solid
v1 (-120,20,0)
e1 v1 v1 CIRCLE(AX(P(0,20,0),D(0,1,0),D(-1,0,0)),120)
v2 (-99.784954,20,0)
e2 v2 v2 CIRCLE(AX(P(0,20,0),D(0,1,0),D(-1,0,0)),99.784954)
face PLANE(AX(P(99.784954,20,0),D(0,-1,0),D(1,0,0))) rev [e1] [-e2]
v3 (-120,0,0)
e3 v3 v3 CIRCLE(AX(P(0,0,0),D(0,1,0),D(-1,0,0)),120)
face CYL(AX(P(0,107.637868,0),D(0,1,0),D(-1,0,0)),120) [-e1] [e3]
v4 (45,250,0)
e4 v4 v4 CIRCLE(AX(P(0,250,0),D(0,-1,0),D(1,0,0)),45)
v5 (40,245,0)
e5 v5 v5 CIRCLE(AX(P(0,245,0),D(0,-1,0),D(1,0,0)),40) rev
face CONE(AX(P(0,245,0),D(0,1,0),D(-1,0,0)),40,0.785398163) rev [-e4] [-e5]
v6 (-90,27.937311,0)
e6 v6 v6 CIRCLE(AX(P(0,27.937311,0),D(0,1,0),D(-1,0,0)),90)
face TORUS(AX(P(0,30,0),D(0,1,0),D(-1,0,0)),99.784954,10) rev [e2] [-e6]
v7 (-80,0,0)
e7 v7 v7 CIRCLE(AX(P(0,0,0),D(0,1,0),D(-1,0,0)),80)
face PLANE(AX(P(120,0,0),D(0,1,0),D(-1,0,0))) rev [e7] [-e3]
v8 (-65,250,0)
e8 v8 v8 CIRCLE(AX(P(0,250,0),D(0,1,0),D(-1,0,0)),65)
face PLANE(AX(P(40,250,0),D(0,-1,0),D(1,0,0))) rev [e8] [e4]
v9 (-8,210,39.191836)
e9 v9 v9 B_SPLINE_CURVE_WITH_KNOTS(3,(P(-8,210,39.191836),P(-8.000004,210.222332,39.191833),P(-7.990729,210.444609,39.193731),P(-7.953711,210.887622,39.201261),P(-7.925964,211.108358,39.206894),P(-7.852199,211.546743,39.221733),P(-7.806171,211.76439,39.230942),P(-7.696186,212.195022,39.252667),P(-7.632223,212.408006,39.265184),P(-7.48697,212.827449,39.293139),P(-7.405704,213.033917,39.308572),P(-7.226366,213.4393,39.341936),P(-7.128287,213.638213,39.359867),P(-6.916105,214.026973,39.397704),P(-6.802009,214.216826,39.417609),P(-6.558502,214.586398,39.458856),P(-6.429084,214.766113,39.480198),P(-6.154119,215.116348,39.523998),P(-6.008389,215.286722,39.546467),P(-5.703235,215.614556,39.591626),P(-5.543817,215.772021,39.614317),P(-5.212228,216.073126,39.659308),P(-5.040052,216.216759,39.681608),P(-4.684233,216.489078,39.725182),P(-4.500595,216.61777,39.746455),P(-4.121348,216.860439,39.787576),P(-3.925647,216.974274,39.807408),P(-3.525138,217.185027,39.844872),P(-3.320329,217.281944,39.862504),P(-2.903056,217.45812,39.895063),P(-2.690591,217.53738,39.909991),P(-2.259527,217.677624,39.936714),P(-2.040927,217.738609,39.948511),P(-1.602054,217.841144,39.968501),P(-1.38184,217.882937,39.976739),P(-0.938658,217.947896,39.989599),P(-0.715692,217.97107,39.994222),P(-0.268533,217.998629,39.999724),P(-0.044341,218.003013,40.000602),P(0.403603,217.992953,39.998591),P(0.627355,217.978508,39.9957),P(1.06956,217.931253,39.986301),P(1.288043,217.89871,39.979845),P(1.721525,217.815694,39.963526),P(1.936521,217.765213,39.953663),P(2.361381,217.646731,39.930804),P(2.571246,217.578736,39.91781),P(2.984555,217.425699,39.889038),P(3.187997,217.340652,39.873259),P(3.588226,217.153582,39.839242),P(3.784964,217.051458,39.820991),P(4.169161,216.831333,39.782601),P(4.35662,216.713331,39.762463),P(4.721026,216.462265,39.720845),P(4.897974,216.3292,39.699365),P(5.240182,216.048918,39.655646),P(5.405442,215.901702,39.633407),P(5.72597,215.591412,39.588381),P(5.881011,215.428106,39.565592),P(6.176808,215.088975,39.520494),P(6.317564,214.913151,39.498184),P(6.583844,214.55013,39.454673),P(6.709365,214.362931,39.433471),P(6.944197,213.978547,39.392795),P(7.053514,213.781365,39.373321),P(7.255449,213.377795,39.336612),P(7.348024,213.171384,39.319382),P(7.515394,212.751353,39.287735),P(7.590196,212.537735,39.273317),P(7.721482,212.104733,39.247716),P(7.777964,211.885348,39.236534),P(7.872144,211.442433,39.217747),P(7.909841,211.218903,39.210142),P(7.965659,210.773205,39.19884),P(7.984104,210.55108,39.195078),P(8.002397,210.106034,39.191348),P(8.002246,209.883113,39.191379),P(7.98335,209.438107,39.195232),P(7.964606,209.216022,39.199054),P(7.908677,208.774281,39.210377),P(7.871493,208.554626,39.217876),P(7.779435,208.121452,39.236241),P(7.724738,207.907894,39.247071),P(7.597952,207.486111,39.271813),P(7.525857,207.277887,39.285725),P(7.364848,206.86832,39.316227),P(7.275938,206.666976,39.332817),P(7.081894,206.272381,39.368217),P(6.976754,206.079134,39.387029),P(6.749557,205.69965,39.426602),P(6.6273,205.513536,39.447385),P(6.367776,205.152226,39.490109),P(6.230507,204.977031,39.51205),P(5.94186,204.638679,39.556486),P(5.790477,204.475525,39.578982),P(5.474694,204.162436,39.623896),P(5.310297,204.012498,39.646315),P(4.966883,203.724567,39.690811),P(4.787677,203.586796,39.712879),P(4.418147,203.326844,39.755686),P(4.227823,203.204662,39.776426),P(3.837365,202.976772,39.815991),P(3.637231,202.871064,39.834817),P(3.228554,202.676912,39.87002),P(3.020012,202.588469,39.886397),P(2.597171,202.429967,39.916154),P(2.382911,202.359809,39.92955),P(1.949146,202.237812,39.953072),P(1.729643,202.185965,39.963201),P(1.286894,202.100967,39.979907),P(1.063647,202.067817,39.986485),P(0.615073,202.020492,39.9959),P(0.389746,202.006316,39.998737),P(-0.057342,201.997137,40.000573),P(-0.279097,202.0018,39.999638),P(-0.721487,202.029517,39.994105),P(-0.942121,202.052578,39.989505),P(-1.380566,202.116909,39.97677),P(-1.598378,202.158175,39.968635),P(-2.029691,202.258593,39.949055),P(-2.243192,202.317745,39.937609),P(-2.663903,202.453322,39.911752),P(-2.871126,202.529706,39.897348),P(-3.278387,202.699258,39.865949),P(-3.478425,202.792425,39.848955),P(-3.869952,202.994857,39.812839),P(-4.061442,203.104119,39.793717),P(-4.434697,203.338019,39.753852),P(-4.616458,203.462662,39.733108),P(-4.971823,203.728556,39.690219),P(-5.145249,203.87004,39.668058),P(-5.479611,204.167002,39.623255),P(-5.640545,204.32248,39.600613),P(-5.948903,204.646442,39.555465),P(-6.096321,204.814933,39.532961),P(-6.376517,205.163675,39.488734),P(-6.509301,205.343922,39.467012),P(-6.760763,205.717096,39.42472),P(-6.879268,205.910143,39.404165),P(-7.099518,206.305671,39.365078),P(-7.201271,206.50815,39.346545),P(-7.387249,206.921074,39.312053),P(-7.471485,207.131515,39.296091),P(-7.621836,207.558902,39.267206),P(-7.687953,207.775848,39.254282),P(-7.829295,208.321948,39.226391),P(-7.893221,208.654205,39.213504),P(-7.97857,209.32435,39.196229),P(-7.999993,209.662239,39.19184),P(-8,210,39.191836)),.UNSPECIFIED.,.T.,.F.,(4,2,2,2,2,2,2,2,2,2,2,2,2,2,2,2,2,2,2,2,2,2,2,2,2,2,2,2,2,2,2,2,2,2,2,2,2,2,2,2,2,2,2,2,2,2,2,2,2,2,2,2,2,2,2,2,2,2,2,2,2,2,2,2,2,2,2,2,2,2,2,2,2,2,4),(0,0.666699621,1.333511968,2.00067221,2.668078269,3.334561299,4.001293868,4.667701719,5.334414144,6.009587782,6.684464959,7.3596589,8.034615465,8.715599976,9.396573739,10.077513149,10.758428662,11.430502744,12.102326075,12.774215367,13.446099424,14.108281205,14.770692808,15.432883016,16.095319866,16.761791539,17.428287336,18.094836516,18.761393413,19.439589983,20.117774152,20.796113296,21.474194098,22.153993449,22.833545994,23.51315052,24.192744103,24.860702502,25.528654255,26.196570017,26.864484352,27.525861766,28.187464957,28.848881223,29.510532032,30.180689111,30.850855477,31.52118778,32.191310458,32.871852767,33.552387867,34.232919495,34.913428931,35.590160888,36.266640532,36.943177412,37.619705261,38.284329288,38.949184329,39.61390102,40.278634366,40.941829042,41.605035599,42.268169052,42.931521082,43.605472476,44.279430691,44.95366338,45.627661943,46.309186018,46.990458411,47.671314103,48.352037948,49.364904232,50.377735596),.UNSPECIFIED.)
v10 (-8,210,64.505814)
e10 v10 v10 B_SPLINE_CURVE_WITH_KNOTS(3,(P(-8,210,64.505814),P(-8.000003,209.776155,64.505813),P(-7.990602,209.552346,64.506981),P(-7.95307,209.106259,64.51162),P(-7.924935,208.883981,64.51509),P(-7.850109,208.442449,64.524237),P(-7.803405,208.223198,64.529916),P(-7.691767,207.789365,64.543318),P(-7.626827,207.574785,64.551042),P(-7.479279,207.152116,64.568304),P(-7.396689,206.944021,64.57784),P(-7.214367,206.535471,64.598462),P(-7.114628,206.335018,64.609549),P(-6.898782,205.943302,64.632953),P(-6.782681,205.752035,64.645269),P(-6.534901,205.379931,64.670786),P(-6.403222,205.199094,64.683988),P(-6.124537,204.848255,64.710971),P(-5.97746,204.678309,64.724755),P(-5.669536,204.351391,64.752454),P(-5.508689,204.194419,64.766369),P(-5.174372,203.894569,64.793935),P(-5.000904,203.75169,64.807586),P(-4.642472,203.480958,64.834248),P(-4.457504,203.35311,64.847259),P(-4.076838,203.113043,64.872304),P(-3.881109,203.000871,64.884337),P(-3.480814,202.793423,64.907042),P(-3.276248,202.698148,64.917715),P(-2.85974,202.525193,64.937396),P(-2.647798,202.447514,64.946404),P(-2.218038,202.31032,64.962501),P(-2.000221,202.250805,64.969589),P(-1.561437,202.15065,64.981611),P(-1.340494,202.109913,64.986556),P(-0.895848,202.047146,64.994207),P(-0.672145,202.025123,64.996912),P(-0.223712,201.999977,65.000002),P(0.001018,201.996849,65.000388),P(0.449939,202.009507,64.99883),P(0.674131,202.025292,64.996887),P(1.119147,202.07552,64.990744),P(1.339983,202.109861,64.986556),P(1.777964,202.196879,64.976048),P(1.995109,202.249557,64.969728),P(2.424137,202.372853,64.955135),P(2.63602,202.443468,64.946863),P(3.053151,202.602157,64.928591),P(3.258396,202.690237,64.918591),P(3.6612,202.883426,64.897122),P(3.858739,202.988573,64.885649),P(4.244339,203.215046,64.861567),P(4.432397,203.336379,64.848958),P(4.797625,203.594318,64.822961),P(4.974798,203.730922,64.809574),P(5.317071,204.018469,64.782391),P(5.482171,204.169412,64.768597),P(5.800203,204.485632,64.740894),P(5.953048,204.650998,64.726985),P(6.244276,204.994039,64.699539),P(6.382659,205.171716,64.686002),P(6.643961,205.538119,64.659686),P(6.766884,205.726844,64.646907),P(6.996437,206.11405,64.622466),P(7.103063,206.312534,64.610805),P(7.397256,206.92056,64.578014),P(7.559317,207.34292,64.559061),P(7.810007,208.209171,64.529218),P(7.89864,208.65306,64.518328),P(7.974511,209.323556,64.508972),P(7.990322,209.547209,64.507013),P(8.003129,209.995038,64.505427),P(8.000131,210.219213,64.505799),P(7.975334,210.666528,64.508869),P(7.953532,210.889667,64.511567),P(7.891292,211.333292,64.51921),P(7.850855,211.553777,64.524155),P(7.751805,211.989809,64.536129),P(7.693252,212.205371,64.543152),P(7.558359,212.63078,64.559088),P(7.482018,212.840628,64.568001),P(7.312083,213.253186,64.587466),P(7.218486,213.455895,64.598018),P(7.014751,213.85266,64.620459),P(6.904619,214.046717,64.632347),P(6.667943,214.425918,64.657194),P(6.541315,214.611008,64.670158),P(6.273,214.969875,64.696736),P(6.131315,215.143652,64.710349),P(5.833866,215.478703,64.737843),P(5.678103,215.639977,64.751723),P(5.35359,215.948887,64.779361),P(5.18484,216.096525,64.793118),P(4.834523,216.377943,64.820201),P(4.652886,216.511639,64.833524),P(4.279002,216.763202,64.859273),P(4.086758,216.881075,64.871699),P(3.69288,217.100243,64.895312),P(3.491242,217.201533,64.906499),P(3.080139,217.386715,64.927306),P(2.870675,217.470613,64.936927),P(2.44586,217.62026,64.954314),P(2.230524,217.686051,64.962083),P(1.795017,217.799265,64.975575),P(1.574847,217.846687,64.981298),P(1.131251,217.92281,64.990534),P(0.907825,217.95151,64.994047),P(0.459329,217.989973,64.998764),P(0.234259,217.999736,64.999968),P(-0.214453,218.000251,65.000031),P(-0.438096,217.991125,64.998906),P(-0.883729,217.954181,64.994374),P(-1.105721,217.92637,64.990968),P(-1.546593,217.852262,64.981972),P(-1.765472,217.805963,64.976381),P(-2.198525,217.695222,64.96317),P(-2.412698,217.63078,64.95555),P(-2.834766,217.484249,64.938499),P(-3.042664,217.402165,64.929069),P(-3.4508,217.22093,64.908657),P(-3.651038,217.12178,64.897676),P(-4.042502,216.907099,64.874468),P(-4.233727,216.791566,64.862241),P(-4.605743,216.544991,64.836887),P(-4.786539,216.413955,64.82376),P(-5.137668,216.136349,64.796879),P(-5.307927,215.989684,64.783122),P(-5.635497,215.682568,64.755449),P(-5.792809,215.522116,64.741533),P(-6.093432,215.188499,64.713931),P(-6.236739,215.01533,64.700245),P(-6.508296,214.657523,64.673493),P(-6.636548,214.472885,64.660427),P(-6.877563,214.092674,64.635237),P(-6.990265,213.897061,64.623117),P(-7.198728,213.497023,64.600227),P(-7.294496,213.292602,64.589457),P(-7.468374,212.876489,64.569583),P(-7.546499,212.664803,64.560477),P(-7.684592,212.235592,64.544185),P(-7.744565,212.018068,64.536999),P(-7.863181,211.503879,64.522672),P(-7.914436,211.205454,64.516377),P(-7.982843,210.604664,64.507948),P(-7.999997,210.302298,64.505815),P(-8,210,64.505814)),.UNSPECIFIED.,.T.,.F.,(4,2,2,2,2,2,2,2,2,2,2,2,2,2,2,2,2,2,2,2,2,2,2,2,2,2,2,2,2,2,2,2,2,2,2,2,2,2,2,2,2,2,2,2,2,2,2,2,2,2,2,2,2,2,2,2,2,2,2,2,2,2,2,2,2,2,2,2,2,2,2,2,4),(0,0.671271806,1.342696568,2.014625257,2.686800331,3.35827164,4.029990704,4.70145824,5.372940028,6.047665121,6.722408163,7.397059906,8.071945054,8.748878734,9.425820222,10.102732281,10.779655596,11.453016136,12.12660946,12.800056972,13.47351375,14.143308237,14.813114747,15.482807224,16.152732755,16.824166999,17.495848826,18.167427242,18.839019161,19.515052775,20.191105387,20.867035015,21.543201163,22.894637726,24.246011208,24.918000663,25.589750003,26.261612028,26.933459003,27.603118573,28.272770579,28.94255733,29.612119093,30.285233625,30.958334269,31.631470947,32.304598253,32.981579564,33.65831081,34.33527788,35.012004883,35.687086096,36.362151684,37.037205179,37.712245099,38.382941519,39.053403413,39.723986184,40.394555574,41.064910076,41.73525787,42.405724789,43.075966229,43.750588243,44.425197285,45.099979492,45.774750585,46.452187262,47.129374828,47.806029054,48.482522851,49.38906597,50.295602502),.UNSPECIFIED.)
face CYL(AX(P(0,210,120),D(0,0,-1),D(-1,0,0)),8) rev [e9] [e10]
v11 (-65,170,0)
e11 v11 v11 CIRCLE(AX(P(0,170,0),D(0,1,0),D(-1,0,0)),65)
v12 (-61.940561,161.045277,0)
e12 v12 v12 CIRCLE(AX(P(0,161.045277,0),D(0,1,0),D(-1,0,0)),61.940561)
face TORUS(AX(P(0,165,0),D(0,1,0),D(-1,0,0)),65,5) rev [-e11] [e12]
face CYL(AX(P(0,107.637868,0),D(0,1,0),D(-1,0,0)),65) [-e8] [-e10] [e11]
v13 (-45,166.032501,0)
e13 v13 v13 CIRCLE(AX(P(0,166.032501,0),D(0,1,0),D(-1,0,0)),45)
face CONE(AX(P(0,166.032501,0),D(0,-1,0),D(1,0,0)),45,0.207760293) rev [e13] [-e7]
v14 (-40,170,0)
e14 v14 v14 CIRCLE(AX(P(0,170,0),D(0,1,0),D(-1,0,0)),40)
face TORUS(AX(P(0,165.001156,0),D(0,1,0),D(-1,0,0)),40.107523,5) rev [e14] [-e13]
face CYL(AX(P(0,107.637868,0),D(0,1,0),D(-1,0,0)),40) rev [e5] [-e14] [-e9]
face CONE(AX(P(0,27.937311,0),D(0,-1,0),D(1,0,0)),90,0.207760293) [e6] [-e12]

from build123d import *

# Parameters (mm, degrees)
CHAMFER1_SIZE      = 5
SKETCH2_R          = 8
CUT_EXTRUDE1_DEPTH = 120


with BuildPart() as part:
    # Sketch1 → Revolve1 (revolve)
    with BuildSketch(Plane.XY):
        with BuildLine():
            Line((40, 250), (65, 250))
            Line((65, 250), (65, 170))
            ThreePointArc((65, 170), (60.268530098, 166.616537216), (61.940561127, 161.045277028))
            Line((61.940561127, 161.045277028), (90, 27.937311241))
            ThreePointArc((90, 27.937311241), (93.485226827, 22.233826953), (99.784953504, 20))
            Line((99.784953504, 20), (120, 20))
            Line((120, 20), (120, 0))
            Line((120, 0), (80, 0))
            Line((80, 0), (45, 166.032500638))
            ThreePointArc((45, 166.032500638), (43.215449857, 168.917888595), (40, 170))
            Line((40, 170), (40, 250))
        make_face()
    revolve(axis=Axis((0, 107.637867538, 0), (0, -1, 0)))

    # Chamfer1
    chamfer1_edges = [part.edges().sort_by_distance(p)[0] for p in [
        (-40, 250, 0),
    ]]
    chamfer(chamfer1_edges, length=CHAMFER1_SIZE)

    # Sketch2 → Cut-Extrude1 (cut)
    with BuildSketch(Plane.XY):
        with Locations((0, 210)):
            Circle(SKETCH2_R)
    extrude(amount=CUT_EXTRUDE1_DEPTH, mode=Mode.SUBTRACT)


solid = part.part
